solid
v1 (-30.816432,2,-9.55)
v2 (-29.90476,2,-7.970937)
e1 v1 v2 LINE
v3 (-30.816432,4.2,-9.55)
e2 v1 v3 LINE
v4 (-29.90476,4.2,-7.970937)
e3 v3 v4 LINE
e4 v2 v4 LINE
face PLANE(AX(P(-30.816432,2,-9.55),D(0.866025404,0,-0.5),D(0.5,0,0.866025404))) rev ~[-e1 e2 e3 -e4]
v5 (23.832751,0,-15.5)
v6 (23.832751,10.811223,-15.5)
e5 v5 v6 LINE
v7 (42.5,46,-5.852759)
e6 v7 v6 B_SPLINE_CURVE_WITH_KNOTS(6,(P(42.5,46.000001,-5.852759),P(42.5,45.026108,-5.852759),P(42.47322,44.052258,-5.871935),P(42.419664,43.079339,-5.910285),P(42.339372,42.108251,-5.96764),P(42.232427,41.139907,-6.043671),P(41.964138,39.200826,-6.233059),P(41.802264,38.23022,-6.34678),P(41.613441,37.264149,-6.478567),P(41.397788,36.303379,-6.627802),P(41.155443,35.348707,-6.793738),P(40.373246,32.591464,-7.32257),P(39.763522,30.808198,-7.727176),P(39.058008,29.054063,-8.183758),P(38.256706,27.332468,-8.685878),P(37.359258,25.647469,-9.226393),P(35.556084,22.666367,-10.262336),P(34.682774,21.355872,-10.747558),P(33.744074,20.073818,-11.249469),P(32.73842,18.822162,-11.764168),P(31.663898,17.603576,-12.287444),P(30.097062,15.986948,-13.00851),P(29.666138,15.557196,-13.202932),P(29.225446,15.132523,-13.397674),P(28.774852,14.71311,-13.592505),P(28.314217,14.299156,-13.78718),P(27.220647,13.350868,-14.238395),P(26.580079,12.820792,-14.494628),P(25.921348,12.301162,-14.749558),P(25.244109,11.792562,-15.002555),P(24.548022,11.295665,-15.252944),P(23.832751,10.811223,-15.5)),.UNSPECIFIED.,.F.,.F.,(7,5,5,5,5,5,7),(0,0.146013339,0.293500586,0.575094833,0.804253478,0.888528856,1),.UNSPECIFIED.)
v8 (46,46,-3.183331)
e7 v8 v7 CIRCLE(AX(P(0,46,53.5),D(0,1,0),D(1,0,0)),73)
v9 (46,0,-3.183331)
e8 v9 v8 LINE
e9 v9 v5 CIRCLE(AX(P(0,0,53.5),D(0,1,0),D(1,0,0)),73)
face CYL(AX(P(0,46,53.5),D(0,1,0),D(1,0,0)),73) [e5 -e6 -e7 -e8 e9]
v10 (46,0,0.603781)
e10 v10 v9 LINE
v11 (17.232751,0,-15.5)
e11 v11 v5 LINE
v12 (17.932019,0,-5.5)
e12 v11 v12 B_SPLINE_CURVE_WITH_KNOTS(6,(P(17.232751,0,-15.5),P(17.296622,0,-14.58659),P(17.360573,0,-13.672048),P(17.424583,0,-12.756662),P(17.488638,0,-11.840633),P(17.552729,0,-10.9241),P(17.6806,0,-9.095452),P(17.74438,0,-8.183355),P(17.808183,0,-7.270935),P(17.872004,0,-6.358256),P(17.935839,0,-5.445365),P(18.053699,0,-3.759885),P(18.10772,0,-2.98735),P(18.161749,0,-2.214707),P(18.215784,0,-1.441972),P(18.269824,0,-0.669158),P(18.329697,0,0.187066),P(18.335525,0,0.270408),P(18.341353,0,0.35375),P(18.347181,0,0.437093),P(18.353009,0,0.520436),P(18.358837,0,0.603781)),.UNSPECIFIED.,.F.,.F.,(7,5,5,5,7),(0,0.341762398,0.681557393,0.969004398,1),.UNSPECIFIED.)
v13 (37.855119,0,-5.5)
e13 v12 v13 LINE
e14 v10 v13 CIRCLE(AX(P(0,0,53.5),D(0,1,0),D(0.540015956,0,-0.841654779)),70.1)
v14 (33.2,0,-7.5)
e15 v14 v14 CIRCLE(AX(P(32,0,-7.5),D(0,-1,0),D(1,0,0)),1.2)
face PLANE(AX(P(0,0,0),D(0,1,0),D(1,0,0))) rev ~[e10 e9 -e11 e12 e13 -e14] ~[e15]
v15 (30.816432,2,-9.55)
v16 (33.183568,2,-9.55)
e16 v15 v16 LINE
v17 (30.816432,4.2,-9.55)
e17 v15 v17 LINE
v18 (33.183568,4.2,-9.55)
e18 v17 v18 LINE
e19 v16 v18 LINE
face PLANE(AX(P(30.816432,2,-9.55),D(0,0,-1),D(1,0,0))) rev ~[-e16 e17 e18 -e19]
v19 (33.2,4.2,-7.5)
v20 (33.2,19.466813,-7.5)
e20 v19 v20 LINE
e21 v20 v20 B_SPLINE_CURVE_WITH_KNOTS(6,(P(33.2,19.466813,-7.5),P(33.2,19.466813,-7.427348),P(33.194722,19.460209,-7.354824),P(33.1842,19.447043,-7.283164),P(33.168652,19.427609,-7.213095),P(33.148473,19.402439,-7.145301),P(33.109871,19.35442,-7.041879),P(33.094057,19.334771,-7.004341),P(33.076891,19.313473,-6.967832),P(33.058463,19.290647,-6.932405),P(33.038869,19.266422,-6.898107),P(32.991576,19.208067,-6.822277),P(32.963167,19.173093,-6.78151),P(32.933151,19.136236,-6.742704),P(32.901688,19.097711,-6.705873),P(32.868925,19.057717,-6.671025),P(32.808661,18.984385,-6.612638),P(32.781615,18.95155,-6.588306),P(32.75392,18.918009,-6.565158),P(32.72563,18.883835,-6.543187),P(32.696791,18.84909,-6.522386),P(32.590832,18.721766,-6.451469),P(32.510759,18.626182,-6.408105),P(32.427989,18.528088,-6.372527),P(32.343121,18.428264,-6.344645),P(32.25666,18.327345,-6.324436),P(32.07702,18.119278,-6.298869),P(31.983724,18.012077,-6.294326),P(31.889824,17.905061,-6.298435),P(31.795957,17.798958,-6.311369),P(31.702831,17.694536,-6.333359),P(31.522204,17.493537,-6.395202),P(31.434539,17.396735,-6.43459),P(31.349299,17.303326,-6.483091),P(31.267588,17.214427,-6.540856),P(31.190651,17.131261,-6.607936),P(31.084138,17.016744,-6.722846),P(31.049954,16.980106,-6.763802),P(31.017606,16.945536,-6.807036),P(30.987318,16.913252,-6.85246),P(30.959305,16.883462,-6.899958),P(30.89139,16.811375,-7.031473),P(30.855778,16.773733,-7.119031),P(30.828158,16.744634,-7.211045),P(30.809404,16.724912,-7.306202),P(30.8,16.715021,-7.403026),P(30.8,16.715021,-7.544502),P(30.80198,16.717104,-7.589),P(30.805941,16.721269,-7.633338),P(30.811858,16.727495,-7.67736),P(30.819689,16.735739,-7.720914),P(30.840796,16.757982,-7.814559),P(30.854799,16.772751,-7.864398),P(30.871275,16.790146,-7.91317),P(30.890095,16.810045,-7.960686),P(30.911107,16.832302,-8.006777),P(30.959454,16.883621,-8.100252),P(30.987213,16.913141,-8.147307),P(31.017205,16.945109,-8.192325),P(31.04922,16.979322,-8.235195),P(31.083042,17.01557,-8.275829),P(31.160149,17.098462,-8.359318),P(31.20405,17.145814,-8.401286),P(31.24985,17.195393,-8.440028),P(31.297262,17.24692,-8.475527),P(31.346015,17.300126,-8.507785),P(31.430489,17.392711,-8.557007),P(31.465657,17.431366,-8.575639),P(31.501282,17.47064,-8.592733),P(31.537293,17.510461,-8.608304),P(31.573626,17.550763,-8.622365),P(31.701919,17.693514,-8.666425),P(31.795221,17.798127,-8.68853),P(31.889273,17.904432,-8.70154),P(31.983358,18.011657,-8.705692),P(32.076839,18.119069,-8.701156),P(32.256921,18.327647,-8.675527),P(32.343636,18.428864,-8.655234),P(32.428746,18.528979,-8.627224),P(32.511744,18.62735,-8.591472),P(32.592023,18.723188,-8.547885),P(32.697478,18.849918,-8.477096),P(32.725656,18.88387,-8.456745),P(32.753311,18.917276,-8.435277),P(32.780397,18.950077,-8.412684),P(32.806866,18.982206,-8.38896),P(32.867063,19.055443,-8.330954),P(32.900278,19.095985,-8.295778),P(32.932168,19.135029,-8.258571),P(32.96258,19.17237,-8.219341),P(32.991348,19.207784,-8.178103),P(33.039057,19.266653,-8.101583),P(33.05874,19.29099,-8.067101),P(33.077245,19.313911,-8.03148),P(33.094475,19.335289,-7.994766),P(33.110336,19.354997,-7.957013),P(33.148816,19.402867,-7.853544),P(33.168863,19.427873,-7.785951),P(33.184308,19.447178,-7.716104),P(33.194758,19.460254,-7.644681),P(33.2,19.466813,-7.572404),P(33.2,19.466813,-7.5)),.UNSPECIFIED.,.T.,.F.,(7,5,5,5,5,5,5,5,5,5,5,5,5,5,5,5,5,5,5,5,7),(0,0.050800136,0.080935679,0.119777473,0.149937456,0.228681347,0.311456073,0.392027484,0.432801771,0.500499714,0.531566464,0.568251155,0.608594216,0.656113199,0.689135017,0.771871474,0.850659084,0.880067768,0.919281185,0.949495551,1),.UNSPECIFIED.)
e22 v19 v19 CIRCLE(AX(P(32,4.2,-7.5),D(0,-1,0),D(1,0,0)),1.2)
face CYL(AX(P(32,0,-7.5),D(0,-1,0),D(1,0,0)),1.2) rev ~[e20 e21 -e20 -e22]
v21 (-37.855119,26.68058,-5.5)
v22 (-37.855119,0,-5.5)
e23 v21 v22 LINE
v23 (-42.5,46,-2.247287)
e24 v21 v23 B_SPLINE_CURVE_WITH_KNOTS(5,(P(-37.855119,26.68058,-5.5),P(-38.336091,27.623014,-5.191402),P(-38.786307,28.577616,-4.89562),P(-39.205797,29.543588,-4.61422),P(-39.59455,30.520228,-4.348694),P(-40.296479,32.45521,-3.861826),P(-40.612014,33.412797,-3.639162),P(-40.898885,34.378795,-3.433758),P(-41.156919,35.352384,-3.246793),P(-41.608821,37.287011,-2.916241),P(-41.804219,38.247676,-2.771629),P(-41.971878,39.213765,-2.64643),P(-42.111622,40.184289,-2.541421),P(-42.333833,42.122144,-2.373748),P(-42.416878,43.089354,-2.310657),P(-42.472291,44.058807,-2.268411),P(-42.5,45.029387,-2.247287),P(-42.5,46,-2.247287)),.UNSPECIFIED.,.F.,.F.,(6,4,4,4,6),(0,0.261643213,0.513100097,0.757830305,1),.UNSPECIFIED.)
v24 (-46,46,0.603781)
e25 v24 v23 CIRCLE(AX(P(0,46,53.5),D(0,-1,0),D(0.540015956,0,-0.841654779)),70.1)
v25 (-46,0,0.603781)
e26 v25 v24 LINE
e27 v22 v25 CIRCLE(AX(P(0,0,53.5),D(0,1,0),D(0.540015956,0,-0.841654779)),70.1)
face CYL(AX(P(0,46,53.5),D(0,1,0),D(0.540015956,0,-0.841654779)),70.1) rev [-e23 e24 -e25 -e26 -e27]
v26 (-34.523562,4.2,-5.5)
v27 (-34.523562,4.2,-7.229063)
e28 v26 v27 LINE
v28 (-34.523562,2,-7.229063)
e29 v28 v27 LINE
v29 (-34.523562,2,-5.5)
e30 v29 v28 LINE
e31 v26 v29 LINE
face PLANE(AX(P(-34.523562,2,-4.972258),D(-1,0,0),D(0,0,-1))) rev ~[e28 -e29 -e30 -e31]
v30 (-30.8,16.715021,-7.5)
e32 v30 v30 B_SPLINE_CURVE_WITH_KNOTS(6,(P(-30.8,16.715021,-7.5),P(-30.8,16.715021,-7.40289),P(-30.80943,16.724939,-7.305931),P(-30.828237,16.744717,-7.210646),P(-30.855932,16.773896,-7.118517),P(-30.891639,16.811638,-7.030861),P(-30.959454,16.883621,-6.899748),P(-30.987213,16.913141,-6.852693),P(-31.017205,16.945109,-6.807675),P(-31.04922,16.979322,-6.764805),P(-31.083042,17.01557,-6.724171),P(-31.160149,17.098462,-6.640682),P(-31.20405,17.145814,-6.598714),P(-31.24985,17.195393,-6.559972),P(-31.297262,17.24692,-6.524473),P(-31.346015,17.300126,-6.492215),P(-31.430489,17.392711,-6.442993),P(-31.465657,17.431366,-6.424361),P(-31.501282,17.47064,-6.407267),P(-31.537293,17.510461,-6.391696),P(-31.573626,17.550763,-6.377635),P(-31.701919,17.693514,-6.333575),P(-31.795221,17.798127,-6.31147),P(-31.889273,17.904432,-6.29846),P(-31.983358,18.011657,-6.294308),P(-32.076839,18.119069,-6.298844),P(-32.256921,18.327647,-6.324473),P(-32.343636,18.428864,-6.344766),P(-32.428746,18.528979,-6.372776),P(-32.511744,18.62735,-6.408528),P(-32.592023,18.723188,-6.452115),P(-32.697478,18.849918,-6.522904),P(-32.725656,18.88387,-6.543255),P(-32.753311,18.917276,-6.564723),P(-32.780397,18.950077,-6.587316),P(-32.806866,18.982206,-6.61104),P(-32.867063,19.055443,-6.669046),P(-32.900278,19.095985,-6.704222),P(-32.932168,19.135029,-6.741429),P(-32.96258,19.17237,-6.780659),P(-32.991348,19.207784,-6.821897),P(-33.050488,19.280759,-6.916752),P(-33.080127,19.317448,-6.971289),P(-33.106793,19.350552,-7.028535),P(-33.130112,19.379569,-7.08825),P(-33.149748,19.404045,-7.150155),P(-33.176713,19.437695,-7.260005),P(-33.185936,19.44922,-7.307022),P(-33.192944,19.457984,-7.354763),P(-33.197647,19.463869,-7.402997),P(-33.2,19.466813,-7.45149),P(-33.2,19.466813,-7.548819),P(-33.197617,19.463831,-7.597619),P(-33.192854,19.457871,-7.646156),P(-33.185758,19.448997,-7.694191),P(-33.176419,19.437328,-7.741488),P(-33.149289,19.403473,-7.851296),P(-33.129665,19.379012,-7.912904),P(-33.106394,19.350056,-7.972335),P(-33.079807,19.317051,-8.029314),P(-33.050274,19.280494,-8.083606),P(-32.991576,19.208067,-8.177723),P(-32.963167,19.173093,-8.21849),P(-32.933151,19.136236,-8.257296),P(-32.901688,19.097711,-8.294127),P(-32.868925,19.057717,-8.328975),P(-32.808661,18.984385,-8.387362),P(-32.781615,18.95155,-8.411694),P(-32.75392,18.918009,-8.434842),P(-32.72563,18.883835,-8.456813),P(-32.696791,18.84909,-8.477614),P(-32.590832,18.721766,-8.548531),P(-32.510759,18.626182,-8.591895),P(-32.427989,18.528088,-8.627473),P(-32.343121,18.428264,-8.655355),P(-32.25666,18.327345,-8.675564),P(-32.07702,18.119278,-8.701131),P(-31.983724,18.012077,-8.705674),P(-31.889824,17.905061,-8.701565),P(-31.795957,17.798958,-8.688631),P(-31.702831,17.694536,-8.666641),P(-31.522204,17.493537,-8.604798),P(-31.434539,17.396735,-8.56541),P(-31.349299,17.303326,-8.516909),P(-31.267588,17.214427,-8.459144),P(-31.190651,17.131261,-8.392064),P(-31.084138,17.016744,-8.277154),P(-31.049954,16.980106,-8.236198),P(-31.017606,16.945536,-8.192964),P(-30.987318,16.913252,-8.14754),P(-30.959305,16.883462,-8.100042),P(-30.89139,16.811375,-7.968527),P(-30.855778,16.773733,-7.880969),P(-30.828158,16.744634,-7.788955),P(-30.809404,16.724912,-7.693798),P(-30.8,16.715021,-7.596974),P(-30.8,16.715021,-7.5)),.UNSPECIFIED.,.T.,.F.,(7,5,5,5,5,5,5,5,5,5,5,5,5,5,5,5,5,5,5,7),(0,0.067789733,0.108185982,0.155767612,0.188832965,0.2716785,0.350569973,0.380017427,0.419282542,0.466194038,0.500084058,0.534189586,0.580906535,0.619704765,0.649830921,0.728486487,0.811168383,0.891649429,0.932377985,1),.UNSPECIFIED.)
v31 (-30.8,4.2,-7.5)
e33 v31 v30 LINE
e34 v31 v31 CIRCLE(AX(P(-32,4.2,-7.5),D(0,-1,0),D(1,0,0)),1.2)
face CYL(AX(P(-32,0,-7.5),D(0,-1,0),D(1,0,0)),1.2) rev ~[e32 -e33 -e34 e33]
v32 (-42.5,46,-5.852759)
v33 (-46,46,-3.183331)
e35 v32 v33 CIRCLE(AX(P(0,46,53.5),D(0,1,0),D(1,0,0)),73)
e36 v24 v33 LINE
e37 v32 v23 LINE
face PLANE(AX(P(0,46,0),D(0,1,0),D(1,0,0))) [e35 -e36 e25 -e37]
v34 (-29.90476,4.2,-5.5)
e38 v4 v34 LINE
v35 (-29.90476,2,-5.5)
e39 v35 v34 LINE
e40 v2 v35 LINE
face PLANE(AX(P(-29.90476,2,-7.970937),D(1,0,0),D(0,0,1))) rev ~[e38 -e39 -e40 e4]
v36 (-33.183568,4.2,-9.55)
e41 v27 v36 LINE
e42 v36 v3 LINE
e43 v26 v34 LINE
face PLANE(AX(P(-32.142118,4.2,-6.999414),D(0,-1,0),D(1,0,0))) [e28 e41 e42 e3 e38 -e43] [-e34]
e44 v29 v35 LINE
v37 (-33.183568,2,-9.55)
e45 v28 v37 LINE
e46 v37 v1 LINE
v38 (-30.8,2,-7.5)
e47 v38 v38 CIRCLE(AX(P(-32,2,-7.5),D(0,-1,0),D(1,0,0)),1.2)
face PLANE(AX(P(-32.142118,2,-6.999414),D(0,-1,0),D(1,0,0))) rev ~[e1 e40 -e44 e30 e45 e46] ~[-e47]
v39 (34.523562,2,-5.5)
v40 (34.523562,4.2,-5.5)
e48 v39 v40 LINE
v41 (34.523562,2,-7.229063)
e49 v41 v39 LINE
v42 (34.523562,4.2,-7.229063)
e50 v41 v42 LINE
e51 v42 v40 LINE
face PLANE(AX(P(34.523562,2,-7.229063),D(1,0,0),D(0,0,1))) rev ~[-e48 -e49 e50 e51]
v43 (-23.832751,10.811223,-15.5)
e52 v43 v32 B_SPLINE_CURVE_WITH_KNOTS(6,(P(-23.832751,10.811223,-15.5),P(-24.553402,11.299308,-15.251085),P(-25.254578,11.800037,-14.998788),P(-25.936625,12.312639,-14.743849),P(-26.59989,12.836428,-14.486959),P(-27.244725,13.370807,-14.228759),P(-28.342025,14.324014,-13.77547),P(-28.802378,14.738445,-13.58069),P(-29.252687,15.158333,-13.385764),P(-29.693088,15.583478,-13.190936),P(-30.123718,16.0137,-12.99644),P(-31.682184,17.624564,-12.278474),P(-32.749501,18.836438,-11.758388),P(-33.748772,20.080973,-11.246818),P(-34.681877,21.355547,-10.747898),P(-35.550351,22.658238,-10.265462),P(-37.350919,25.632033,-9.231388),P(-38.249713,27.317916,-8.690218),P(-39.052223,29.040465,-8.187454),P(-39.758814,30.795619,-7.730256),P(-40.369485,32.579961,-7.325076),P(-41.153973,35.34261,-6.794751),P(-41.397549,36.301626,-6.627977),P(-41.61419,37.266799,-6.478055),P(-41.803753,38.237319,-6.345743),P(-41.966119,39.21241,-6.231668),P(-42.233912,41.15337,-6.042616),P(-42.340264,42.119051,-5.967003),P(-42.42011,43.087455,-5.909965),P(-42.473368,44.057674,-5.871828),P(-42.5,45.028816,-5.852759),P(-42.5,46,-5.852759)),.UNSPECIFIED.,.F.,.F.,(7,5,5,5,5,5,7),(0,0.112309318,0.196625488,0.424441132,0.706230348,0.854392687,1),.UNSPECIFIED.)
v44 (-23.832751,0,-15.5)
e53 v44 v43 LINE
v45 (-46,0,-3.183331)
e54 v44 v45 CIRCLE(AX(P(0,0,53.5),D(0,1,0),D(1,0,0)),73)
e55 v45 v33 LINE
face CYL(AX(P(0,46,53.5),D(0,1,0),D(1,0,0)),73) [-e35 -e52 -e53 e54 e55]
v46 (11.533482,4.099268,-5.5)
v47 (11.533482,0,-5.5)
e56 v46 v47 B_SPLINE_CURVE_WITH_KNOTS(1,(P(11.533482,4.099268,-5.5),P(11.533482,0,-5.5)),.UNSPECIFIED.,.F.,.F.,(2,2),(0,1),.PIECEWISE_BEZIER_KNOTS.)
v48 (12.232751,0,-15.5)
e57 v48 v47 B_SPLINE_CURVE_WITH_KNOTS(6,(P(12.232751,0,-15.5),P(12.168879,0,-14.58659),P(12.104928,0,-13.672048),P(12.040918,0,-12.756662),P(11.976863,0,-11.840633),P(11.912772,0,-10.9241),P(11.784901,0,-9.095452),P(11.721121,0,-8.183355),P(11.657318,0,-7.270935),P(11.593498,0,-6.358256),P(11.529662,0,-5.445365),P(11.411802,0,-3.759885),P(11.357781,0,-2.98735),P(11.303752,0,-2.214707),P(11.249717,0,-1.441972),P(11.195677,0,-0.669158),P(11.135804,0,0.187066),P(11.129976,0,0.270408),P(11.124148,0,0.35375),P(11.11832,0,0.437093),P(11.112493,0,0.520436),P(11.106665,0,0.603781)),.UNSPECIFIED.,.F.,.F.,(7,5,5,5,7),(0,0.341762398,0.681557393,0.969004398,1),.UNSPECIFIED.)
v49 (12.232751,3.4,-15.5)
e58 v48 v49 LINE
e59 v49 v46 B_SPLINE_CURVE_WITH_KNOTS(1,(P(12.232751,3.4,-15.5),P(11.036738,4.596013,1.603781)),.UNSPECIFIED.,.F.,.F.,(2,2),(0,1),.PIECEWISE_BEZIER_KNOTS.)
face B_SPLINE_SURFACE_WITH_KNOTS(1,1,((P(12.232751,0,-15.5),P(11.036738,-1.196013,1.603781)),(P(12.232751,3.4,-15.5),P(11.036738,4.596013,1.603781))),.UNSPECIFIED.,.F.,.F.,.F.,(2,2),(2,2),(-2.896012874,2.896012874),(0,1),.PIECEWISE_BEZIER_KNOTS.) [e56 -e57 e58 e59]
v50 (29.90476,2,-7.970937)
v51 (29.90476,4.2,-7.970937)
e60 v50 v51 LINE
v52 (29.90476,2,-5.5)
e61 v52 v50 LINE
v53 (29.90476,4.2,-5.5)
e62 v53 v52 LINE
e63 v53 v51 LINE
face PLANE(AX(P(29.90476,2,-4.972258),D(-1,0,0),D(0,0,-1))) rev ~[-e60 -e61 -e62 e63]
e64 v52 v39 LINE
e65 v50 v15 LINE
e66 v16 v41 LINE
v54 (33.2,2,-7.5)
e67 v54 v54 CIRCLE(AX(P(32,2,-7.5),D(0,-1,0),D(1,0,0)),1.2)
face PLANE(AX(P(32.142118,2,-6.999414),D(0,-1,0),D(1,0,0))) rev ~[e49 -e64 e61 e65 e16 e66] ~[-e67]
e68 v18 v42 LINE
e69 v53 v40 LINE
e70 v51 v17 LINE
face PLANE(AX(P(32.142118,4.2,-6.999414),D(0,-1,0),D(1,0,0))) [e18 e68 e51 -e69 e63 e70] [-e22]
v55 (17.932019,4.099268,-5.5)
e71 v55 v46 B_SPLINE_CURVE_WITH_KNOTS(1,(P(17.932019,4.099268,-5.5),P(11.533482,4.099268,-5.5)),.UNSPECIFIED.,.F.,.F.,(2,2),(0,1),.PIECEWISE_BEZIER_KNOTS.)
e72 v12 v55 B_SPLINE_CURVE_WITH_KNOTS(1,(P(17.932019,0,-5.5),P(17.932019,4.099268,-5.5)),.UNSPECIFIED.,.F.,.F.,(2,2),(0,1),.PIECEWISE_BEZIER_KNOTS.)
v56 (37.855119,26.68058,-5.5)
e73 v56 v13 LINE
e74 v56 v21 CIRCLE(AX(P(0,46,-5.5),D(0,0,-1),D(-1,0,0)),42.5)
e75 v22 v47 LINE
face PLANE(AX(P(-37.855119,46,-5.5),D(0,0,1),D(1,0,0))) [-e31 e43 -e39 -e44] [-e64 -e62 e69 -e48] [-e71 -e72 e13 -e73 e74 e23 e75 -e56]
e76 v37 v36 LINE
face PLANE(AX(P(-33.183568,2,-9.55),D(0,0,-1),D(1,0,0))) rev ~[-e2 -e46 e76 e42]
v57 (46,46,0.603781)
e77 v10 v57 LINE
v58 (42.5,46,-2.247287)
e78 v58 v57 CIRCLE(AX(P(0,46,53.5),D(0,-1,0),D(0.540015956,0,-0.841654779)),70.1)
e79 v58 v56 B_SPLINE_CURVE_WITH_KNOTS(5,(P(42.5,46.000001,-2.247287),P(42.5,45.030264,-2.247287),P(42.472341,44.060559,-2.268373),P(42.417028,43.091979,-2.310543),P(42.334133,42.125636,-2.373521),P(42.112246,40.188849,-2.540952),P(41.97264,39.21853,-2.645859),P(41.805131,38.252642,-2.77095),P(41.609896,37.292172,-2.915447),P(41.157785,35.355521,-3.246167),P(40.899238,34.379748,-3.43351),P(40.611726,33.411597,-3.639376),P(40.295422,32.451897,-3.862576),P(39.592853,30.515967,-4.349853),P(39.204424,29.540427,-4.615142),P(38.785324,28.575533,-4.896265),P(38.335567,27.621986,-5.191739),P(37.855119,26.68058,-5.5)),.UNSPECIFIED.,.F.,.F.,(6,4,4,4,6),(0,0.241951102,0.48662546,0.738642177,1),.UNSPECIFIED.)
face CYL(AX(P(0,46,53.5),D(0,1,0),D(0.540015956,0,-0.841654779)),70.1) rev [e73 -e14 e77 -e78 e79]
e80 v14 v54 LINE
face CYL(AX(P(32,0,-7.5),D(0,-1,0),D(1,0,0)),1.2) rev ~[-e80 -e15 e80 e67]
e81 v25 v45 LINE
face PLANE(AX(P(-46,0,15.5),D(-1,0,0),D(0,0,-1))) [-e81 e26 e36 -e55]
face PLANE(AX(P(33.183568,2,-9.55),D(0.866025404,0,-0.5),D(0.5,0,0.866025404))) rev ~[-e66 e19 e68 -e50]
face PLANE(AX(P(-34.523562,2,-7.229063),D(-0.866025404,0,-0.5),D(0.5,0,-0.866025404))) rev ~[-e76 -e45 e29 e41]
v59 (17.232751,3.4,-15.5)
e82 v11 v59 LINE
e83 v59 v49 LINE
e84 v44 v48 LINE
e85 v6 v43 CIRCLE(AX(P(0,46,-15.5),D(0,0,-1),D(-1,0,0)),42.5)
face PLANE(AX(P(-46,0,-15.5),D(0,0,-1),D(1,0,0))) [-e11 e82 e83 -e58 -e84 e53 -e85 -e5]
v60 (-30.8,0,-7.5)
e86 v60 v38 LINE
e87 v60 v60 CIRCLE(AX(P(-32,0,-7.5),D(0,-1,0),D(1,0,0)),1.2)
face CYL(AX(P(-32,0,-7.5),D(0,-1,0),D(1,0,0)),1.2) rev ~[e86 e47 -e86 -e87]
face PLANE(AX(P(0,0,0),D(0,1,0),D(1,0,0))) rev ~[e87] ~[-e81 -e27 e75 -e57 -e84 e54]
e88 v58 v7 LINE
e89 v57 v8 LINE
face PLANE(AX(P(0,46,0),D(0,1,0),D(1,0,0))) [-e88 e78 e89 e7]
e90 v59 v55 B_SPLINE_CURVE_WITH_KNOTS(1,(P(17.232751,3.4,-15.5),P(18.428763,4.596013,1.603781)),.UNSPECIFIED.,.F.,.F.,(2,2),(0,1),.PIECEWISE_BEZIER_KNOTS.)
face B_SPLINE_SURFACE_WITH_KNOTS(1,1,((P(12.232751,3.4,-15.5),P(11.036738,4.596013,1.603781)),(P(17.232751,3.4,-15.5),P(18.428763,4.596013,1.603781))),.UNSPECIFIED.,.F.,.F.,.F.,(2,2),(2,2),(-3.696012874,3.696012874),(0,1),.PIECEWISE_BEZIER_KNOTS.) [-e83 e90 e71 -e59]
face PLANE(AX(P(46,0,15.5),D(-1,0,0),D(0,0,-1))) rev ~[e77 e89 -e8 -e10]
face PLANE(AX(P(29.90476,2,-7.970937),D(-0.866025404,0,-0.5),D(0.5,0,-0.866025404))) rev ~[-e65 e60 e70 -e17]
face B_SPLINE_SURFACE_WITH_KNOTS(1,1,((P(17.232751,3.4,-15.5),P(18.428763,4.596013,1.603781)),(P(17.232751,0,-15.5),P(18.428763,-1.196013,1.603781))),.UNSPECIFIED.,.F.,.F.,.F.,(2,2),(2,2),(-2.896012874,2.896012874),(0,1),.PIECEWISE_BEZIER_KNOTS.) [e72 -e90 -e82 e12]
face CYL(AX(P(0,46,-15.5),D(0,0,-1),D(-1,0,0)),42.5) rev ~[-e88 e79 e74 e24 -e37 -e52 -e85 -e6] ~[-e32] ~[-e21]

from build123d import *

# Parameters (mm, degrees)
SKETCH1_W           = 92
SKETCH1_H           = 31
BOSS_EXTRUDE1_DEPTH = 46
SKETCH2_R           = 103
SKETCH2_R_2         = 73
CUT_EXTRUDE1_DEPTH  = 47
SKETCH7_R           = 1.2
CUT_EXTRUDE5_DEPTH  = 47
CUT_EXTRUDE2_DEPTH  = 47
SKETCH5_R           = 42.5
CUT_EXTRUDE4_DEPTH  = 17.103780853
CUT_EXTRUDE6_START  = -2
CUT_EXTRUDE6_DEPTH  = 2.2
SKETCH9_W           = 5
SKETCH9_H           = 3.4
CUT_EXTRUDE7_DEPTH  = 17.103780953
CUT_EXTRUDE7_TAPER  = -4


with BuildPart() as part:
    # Sketch1 → Boss-Extrude1 (new body)
    with BuildSketch(Plane(origin=(0, 0, 0), x_dir=(1, 0, 0), z_dir=(0, 1, 0))):
        Rectangle(SKETCH1_W, SKETCH1_H)
    extrude(amount=BOSS_EXTRUDE1_DEPTH)

    # Sketch2 → Cut-Extrude1 (cut, through all)
    with BuildSketch(Plane(origin=(0, 46, 0), x_dir=(1, 0, 0), z_dir=(0, 1, 0))):
        with Locations((0, -53.5)):
            Circle(SKETCH2_R)
        with Locations((0, -53.5)):
            Circle(SKETCH2_R_2, mode=Mode.SUBTRACT)
    extrude(amount=-CUT_EXTRUDE1_DEPTH, mode=Mode.SUBTRACT)

    # Sketch7 → Cut-Extrude5 (cut, through all)
    with BuildSketch(Plane.XZ):
        with Locations((-32, -7.5)):
            Circle(SKETCH7_R)
        with Locations((32, -7.5)):
            Circle(SKETCH7_R)
    extrude(amount=-CUT_EXTRUDE5_DEPTH, mode=Mode.SUBTRACT)

    # Sketch3 → Cut-Extrude2 (cut, through all)
    with BuildSketch(Plane(origin=(0, 46, 0), x_dir=(1, 0, 0), z_dir=(0, 1, 0))):
        with BuildLine():
            Line((-37.855118544, 5.5), (37.855118544, 5.5))
            ThreePointArc((37.855118544, 5.5), (0, -123.6), (-37.855118544, 5.5))
        make_face()
    extrude(amount=-CUT_EXTRUDE2_DEPTH, mode=Mode.SUBTRACT)

    # Sketch5 → Cut-Extrude4 (cut, through all)
    with BuildSketch(Plane(origin=(0, 0, -15.5), x_dir=(-1, 0, 0), z_dir=(0, 0, -1))):
        with Locations((0, 46)):
            Circle(SKETCH5_R)
    extrude(amount=-CUT_EXTRUDE4_DEPTH, mode=Mode.SUBTRACT)

    # Sketch8 → Cut-Extrude6 (cut)
    with BuildSketch(Plane.XZ.offset(CUT_EXTRUDE6_START)):
        Polygon((-34.523561667, -7.229062977), (-33.183568052, -9.55), (-30.816431948, -9.55), (-29.904759513, -7.970937023), (-29.904759513, -4.97225781), (-34.523561667, -4.97225781), align=None)
        Polygon((29.904759513, -4.97225781), (29.904759513, -7.970937023), (30.816431948, -9.55), (33.183568052, -9.55), (34.523561667, -7.229062977), (34.523561667, -4.97225781), align=None)
    extrude(amount=-CUT_EXTRUDE6_DEPTH, mode=Mode.SUBTRACT)

    # Sketch9 → Cut-Extrude7 (cut, through all)
    with BuildSketch(Plane(origin=(0, 0, -15.5), x_dir=(-1, 0, 0), z_dir=(0, 0, -1))):
        with Locations((-14.732750576, 1.7)):
            Rectangle(SKETCH9_W, SKETCH9_H)
    extrude(amount=-CUT_EXTRUDE7_DEPTH, taper=CUT_EXTRUDE7_TAPER, mode=Mode.SUBTRACT)


solid = part.part
